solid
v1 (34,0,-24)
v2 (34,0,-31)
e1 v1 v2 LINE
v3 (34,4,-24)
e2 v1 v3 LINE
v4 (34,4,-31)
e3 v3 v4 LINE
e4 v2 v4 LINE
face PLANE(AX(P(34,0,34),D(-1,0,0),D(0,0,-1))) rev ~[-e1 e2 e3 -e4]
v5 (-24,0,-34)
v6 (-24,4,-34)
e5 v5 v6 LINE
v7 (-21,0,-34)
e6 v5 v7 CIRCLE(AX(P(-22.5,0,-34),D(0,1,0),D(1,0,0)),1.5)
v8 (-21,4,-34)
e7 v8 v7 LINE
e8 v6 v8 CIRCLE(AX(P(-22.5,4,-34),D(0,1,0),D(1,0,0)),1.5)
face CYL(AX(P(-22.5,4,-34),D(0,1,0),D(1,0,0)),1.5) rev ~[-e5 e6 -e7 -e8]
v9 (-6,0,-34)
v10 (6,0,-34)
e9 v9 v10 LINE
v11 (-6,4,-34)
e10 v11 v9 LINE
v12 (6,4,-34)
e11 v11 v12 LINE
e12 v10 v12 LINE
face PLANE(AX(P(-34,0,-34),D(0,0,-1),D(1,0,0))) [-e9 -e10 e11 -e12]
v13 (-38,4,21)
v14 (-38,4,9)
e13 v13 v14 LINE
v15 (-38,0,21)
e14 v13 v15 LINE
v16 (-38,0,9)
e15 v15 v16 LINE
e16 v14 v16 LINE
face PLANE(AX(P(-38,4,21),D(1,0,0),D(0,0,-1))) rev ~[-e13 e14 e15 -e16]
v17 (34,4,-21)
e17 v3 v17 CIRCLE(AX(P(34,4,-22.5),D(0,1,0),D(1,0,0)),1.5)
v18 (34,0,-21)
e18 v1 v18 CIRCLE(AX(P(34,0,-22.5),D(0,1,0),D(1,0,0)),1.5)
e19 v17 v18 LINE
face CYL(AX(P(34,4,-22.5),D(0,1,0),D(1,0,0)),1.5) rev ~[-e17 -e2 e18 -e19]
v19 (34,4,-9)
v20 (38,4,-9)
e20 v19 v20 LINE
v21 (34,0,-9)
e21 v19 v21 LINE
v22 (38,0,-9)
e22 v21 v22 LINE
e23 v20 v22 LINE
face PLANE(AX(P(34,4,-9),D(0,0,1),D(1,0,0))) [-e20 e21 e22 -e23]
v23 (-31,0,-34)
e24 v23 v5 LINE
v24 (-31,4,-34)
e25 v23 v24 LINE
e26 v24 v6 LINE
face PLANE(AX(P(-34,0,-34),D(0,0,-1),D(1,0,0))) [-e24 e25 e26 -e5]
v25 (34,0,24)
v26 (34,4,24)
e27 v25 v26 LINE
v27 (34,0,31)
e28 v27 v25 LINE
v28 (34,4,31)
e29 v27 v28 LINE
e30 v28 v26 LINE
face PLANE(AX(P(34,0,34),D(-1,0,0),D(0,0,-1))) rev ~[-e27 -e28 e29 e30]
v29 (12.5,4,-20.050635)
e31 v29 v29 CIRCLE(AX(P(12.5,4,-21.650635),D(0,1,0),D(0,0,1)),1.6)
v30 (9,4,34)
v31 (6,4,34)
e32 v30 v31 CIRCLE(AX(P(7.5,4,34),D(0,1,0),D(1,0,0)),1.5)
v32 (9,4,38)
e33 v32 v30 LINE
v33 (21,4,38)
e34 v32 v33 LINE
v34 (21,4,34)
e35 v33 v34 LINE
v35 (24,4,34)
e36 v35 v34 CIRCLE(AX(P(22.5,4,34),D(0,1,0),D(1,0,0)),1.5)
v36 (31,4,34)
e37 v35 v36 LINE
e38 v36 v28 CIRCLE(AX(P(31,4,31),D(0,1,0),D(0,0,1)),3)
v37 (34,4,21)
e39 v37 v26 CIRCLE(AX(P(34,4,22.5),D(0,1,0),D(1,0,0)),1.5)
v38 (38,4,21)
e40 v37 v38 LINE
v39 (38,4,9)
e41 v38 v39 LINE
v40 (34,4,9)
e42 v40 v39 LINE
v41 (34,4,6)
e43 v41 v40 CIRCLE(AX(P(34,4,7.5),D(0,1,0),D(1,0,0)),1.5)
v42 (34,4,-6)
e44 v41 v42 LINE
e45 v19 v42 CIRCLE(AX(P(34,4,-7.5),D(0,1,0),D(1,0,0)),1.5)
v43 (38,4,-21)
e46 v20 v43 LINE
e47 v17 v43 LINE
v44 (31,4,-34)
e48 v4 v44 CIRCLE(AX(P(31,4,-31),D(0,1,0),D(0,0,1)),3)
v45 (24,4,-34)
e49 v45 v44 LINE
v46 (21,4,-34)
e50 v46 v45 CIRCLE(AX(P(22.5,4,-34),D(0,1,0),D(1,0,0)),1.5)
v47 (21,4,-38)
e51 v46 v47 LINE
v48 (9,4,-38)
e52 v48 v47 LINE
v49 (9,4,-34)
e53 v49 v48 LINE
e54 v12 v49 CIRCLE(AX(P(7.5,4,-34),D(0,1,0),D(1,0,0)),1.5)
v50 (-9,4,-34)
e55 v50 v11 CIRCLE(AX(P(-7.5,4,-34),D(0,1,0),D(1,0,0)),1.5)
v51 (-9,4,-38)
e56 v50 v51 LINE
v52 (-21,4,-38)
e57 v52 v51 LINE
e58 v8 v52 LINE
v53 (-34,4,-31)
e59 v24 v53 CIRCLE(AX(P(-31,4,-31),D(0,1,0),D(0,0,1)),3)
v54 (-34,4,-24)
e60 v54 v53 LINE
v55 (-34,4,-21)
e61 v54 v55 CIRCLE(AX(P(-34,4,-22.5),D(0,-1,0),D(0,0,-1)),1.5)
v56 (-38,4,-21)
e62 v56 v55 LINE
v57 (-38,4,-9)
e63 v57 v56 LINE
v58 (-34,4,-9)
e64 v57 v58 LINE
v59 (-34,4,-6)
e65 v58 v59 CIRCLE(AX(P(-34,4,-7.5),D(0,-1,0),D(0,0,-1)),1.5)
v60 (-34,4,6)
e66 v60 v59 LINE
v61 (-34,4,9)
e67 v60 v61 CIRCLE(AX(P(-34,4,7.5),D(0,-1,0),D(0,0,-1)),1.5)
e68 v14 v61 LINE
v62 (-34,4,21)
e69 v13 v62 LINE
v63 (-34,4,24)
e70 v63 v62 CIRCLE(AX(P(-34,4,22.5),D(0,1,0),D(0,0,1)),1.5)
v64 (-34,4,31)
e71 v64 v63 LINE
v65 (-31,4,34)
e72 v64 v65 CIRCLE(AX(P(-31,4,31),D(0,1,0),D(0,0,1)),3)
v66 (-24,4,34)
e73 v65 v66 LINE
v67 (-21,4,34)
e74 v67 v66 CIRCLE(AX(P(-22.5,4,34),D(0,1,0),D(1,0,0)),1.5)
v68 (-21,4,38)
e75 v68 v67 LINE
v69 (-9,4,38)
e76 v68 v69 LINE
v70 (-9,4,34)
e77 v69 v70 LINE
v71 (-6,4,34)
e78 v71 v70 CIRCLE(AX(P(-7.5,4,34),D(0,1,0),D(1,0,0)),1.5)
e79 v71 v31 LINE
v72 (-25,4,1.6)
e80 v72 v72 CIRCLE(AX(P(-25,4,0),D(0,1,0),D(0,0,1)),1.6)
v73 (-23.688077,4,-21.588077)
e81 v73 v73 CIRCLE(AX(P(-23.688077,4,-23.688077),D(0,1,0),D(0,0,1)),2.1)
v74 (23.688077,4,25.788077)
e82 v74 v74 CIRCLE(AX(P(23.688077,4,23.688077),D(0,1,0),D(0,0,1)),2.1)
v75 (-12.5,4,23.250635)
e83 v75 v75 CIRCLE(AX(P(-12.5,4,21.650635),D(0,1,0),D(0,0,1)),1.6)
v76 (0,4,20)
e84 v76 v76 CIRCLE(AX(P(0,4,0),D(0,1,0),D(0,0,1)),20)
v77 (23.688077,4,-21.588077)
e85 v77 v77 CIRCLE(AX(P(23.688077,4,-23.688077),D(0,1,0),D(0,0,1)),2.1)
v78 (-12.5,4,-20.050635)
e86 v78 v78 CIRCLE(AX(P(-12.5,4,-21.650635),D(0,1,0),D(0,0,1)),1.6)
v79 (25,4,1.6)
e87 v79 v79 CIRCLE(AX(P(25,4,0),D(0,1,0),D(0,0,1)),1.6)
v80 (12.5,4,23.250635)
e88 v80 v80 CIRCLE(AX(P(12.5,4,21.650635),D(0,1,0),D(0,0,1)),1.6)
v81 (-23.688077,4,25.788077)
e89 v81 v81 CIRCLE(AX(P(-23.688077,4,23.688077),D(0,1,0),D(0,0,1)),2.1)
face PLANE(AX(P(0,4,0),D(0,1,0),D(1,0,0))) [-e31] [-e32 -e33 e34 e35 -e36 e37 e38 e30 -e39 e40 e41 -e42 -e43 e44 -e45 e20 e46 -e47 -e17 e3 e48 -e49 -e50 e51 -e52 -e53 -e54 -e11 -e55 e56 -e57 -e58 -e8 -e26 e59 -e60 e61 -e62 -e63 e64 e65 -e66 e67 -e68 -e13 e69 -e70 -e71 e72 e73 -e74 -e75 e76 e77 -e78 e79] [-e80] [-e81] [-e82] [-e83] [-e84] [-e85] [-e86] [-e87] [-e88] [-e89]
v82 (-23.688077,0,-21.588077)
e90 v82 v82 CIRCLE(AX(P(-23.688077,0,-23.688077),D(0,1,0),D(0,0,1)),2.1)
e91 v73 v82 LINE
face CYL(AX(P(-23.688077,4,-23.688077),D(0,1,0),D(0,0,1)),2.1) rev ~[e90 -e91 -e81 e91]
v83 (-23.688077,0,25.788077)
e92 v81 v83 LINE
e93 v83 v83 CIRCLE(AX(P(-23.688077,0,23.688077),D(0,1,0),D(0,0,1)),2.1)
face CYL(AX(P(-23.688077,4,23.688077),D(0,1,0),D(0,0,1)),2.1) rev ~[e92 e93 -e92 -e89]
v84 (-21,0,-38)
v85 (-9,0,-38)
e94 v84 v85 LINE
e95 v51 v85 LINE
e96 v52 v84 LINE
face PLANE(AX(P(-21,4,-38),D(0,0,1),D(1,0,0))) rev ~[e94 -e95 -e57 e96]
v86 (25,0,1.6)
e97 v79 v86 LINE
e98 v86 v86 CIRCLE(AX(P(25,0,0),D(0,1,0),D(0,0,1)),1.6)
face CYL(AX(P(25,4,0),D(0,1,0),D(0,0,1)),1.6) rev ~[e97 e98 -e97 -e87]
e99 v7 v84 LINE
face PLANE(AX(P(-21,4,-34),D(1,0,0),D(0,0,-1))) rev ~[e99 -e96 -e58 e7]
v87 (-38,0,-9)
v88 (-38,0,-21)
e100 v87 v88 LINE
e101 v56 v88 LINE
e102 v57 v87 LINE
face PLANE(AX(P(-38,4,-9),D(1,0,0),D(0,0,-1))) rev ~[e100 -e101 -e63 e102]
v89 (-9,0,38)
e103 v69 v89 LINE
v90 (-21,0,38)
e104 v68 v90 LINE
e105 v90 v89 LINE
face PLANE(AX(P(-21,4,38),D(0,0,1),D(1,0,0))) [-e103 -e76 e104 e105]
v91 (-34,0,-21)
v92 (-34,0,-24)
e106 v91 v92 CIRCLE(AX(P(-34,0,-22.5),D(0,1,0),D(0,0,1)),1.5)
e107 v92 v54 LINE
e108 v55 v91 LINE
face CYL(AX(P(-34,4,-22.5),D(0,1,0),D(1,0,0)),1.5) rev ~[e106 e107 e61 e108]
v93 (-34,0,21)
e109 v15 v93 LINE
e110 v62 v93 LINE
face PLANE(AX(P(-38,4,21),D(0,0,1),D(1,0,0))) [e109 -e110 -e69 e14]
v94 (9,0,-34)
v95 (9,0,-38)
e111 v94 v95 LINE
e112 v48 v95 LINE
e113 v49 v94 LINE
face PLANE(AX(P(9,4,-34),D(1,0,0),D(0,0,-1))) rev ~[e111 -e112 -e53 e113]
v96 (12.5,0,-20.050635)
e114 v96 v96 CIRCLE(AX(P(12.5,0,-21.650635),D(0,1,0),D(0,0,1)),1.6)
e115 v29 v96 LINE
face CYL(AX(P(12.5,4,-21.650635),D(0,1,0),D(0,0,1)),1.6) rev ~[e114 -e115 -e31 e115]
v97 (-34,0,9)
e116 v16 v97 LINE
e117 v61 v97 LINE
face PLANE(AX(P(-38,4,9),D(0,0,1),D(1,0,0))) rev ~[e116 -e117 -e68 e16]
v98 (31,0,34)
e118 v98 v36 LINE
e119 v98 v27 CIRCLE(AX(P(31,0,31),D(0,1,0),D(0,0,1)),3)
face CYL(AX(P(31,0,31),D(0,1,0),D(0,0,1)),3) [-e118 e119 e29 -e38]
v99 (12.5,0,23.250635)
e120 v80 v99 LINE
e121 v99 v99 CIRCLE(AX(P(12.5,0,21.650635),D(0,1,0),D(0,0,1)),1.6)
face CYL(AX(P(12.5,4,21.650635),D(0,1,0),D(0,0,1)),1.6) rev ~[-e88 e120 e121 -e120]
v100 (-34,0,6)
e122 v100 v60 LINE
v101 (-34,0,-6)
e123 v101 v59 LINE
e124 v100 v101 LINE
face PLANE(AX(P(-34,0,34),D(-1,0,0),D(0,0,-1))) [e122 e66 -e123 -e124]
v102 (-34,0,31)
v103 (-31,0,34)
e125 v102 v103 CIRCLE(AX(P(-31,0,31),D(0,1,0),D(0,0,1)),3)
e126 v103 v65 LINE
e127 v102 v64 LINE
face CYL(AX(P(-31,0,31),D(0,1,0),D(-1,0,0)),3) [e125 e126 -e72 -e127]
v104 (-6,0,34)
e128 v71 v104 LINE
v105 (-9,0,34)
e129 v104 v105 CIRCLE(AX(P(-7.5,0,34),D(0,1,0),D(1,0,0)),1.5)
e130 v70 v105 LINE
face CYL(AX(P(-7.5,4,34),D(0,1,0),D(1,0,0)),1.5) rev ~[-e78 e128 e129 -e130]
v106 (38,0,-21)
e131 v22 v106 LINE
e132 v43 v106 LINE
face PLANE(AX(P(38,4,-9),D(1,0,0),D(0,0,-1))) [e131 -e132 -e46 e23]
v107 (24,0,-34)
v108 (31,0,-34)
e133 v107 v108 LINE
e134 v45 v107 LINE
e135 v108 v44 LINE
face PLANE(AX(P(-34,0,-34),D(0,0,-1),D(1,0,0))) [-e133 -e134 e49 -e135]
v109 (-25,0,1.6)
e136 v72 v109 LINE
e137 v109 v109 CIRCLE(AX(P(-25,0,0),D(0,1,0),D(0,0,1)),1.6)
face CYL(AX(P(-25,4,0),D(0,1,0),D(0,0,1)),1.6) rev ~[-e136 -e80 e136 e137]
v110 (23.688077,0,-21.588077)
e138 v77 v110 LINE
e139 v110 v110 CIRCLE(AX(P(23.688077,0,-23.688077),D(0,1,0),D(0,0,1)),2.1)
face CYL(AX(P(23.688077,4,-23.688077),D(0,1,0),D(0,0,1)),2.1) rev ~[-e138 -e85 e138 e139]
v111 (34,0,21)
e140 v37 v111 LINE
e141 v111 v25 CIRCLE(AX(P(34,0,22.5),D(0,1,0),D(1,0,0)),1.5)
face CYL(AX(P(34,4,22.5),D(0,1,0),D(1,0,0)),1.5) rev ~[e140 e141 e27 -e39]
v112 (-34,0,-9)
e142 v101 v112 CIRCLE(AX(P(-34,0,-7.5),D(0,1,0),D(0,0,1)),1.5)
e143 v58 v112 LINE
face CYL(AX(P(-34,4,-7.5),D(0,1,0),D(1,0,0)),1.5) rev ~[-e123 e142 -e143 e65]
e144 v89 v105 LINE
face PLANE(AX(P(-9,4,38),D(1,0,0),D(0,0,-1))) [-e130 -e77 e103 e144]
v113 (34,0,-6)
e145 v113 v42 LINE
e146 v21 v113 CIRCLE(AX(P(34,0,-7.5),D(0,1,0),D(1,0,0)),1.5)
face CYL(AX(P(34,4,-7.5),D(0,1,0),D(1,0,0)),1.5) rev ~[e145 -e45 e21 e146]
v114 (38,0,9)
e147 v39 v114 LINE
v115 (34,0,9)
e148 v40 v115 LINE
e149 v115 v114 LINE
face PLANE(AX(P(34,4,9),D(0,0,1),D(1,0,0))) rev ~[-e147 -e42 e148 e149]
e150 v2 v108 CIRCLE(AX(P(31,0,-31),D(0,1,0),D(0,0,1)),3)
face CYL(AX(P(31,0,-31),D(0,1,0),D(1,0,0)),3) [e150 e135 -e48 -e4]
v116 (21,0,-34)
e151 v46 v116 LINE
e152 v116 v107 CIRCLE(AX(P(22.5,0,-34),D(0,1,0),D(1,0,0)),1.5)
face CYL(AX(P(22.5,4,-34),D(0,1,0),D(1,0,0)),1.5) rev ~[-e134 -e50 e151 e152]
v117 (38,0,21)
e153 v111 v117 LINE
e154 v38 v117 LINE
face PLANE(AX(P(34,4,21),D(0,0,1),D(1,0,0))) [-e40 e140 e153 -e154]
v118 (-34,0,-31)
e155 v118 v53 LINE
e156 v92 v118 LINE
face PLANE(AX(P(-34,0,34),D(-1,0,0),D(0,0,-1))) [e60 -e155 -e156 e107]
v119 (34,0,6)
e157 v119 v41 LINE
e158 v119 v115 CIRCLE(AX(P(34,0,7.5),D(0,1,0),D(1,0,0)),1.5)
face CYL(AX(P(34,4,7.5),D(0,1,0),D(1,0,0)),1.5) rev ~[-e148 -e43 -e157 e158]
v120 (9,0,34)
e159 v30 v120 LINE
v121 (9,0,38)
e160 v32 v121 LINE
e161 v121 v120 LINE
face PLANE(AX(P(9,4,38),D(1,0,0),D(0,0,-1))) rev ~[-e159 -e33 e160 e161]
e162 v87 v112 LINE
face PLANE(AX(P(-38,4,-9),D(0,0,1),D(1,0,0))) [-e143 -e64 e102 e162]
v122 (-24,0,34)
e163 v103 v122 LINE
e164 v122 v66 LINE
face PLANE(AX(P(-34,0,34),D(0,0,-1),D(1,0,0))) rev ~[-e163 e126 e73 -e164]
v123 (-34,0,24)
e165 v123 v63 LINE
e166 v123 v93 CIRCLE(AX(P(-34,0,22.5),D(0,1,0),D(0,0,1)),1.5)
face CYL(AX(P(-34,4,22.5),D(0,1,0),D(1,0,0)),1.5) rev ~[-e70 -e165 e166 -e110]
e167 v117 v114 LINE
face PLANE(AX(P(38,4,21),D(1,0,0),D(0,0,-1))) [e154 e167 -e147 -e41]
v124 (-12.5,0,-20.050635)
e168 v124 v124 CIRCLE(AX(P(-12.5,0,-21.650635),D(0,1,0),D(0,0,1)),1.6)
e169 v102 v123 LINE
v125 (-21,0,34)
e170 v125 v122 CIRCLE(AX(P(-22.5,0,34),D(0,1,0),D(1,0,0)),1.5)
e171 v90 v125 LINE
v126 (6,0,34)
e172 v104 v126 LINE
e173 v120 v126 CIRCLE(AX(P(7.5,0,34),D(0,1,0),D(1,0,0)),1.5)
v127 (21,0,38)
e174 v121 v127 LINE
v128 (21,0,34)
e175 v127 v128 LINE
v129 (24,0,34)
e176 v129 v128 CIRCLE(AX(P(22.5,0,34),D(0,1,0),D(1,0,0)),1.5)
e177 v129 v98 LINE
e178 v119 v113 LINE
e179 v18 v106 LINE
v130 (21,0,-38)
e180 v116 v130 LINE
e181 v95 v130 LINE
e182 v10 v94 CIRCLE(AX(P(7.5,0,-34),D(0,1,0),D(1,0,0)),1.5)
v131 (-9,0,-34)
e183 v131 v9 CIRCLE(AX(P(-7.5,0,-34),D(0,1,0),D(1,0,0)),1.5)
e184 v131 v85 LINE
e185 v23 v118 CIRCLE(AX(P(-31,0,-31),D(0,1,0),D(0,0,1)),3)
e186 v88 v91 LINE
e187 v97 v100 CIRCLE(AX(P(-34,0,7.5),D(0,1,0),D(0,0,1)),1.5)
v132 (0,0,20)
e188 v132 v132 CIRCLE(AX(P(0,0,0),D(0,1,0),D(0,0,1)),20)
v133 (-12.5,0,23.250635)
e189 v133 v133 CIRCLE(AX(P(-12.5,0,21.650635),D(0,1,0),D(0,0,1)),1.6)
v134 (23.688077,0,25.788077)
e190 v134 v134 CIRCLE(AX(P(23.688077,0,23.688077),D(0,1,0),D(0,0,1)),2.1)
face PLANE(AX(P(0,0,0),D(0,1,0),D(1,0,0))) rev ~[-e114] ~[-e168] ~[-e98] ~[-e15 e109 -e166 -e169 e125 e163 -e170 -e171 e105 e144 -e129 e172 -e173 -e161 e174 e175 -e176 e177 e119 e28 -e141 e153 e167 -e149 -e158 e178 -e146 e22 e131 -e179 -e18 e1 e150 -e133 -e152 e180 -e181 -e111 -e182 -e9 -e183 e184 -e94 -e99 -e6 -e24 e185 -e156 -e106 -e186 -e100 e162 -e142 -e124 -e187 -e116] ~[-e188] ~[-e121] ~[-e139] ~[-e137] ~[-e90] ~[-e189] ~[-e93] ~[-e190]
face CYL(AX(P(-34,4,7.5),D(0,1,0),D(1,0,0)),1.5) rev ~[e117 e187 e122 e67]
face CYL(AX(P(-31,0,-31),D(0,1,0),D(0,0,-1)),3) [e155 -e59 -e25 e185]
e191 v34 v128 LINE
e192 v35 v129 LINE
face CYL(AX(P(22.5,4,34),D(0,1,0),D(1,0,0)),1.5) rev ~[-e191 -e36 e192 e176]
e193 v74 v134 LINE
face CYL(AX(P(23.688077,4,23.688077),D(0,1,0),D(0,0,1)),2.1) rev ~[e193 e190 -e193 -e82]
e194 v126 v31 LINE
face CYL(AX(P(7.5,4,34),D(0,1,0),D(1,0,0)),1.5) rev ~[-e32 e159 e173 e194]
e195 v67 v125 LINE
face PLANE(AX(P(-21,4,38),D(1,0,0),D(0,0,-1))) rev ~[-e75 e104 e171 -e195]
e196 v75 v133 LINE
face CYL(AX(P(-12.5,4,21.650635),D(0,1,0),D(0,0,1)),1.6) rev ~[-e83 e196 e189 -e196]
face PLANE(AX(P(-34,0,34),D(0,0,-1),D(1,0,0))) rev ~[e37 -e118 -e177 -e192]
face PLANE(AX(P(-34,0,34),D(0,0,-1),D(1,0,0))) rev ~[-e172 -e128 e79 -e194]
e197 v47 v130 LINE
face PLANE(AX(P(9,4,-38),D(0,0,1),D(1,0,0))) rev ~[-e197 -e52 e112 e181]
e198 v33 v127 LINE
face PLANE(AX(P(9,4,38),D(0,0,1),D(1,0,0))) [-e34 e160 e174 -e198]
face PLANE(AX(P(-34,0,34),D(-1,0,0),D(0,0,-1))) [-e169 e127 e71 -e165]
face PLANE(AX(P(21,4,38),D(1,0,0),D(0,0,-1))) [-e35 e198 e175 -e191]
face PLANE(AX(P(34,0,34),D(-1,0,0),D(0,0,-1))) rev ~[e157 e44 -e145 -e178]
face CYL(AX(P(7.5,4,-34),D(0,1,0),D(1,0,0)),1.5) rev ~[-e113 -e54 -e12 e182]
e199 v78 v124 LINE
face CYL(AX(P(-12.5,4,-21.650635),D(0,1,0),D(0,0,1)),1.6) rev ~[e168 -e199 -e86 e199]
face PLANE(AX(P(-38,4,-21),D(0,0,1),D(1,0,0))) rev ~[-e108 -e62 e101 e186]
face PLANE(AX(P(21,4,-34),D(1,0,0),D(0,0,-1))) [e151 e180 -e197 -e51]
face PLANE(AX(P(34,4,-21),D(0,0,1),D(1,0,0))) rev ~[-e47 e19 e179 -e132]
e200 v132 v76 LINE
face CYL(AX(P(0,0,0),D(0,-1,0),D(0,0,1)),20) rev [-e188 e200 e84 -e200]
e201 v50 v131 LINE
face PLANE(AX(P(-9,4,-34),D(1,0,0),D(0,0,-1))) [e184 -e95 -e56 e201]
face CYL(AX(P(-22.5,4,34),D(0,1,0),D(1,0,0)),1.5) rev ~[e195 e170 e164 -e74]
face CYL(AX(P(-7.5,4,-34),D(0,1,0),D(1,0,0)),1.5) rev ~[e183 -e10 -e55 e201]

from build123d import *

# Parameters (mm, degrees)
SKETCH_1_W          = 68
SKETCH_1_H          = 68
SKETCH_1_R          = 20
EXTRUDE_1_DEPTH     = 4
SKETCH_2_W          = 12
SKETCH_2_H          = 4
SKETCH_2_W_2        = 4
SKETCH_2_H_2        = 12
EXTRUDE_2_DEPTH     = 4
SKETCH_3_R          = 1.5
CUT_EXTRUDE_1_DEPTH = 4
FILLET_1_R          = 3
SKETCH_4_R          = 1.6
CUT_EXTRUDE_2_DEPTH = 10
SKETCH_5_R          = 2.1
CUT_EXTRUDE_3_DEPTH = 5


with BuildPart() as part:
    # 草图1 → 凸台-拉伸1 (new body)
    with BuildSketch(Plane(origin=(0, 0, 0), x_dir=(1, 0, 0), z_dir=(0, 1, 0))):
        Rectangle(SKETCH_1_W, SKETCH_1_H)
        with Locations(Location((0, 0, 0), (0, 0, 270))):
            Circle(SKETCH_1_R, mode=Mode.SUBTRACT)
    extrude(amount=EXTRUDE_1_DEPTH)

    # 草图2 → 凸台-拉伸2 (add)
    with BuildSketch(Plane(origin=(0, 4, 0), x_dir=(1, 0, 0), z_dir=(0, 1, 0))):
        with Locations((-15, 36)):
            Rectangle(SKETCH_2_W, SKETCH_2_H)
        with Locations((15, 36)):
            Rectangle(SKETCH_2_W, SKETCH_2_H)
        with Locations((36, 15)):
            Rectangle(SKETCH_2_W_2, SKETCH_2_H_2)
        with Locations((36, -15)):
            Rectangle(SKETCH_2_W_2, SKETCH_2_H_2)
        with Locations((15, -36)):
            Rectangle(SKETCH_2_W, SKETCH_2_H)
        with Locations((-15, -36)):
            Rectangle(SKETCH_2_W, SKETCH_2_H)
        with Locations((-36, -15)):
            Rectangle(SKETCH_2_W_2, SKETCH_2_H_2)
        with Locations((-36, 15)):
            Rectangle(SKETCH_2_W_2, SKETCH_2_H_2)
    extrude(amount=-EXTRUDE_2_DEPTH)

    # 草图3 → 切除-拉伸1 (cut)
    with BuildSketch(Plane(origin=(0, 4, 0), x_dir=(1, 0, 0), z_dir=(0, 1, 0))):
        with Locations((-22.5, 34)):
            Circle(SKETCH_3_R)
        with Locations((-7.5, 34)):
            Circle(SKETCH_3_R)
        with Locations((7.5, 34)):
            Circle(SKETCH_3_R)
        with Locations((22.5, 34)):
            Circle(SKETCH_3_R)
        with Locations((34, 22.5)):
            Circle(SKETCH_3_R)
        with Locations((34, 7.5)):
            Circle(SKETCH_3_R)
        with Locations((34, -7.5)):
            Circle(SKETCH_3_R)
        with Locations((34, -22.5)):
            Circle(SKETCH_3_R)
        with Locations((22.5, -34)):
            Circle(SKETCH_3_R)
        with Locations((7.5, -34)):
            Circle(SKETCH_3_R)
        with Locations((-7.5, -34)):
            Circle(SKETCH_3_R)
        with Locations((-22.5, -34)):
            Circle(SKETCH_3_R)
        with Locations((-34, -22.5)):
            Circle(SKETCH_3_R)
        with Locations((-34, -7.5)):
            Circle(SKETCH_3_R)
        with Locations((-34, 7.5)):
            Circle(SKETCH_3_R)
        with Locations((-34, 22.5)):
            Circle(SKETCH_3_R)
    extrude(amount=-CUT_EXTRUDE_1_DEPTH, mode=Mode.SUBTRACT)

    # 圆角1
    fillet_1_edges = [part.edges().sort_by_distance(p)[0] for p in [
        (34, 2, 34),
        (-34, 2, 34),
        (-34, 2, -34),
        (34, 2, -34),
    ]]
    fillet(fillet_1_edges, radius=FILLET_1_R)

    # 草图4 → 切除-拉伸2 (cut)
    with BuildSketch(Plane(origin=(0, 4, 0), x_dir=(1, 0, 0), z_dir=(0, 1, 0))):
        with Locations(Location((25, 0, 0), (0, 0, 270))):
            Circle(SKETCH_4_R)
        with Locations(Location((12.5, -21.650635095, 0), (0, 0, 270))):
            Circle(SKETCH_4_R)
        with Locations(Location((-12.5, -21.650635095, 0), (0, 0, 270))):
            Circle(SKETCH_4_R)
        with Locations(Location((-25, 0, 0), (0, 0, 270))):
            Circle(SKETCH_4_R)
        with Locations(Location((-12.5, 21.650635095, 0), (0, 0, 270))):
            Circle(SKETCH_4_R)
        with Locations(Location((12.5, 21.650635095, 0), (0, 0, 270))):
            Circle(SKETCH_4_R)
    extrude(amount=-CUT_EXTRUDE_2_DEPTH, mode=Mode.SUBTRACT)

    # 草图5 → 切除-拉伸3 (cut)
    with BuildSketch(Plane(origin=(0, 4, 0), x_dir=(1, 0, 0), z_dir=(0, 1, 0))):
        with Locations(Location((23.68807717, 23.68807717, 0), (0, 0, 270))):
            Circle(SKETCH_5_R)
        with Locations(Location((23.68807717, -23.68807717, 0), (0, 0, 270))):
            Circle(SKETCH_5_R)
        with Locations(Location((-23.68807717, -23.68807717, 0), (0, 0, 270))):
            Circle(SKETCH_5_R)
        with Locations(Location((-23.68807717, 23.68807717, 0), (0, 0, 270))):
            Circle(SKETCH_5_R)
    extrude(amount=-CUT_EXTRUDE_3_DEPTH, mode=Mode.SUBTRACT)


solid = part.part
